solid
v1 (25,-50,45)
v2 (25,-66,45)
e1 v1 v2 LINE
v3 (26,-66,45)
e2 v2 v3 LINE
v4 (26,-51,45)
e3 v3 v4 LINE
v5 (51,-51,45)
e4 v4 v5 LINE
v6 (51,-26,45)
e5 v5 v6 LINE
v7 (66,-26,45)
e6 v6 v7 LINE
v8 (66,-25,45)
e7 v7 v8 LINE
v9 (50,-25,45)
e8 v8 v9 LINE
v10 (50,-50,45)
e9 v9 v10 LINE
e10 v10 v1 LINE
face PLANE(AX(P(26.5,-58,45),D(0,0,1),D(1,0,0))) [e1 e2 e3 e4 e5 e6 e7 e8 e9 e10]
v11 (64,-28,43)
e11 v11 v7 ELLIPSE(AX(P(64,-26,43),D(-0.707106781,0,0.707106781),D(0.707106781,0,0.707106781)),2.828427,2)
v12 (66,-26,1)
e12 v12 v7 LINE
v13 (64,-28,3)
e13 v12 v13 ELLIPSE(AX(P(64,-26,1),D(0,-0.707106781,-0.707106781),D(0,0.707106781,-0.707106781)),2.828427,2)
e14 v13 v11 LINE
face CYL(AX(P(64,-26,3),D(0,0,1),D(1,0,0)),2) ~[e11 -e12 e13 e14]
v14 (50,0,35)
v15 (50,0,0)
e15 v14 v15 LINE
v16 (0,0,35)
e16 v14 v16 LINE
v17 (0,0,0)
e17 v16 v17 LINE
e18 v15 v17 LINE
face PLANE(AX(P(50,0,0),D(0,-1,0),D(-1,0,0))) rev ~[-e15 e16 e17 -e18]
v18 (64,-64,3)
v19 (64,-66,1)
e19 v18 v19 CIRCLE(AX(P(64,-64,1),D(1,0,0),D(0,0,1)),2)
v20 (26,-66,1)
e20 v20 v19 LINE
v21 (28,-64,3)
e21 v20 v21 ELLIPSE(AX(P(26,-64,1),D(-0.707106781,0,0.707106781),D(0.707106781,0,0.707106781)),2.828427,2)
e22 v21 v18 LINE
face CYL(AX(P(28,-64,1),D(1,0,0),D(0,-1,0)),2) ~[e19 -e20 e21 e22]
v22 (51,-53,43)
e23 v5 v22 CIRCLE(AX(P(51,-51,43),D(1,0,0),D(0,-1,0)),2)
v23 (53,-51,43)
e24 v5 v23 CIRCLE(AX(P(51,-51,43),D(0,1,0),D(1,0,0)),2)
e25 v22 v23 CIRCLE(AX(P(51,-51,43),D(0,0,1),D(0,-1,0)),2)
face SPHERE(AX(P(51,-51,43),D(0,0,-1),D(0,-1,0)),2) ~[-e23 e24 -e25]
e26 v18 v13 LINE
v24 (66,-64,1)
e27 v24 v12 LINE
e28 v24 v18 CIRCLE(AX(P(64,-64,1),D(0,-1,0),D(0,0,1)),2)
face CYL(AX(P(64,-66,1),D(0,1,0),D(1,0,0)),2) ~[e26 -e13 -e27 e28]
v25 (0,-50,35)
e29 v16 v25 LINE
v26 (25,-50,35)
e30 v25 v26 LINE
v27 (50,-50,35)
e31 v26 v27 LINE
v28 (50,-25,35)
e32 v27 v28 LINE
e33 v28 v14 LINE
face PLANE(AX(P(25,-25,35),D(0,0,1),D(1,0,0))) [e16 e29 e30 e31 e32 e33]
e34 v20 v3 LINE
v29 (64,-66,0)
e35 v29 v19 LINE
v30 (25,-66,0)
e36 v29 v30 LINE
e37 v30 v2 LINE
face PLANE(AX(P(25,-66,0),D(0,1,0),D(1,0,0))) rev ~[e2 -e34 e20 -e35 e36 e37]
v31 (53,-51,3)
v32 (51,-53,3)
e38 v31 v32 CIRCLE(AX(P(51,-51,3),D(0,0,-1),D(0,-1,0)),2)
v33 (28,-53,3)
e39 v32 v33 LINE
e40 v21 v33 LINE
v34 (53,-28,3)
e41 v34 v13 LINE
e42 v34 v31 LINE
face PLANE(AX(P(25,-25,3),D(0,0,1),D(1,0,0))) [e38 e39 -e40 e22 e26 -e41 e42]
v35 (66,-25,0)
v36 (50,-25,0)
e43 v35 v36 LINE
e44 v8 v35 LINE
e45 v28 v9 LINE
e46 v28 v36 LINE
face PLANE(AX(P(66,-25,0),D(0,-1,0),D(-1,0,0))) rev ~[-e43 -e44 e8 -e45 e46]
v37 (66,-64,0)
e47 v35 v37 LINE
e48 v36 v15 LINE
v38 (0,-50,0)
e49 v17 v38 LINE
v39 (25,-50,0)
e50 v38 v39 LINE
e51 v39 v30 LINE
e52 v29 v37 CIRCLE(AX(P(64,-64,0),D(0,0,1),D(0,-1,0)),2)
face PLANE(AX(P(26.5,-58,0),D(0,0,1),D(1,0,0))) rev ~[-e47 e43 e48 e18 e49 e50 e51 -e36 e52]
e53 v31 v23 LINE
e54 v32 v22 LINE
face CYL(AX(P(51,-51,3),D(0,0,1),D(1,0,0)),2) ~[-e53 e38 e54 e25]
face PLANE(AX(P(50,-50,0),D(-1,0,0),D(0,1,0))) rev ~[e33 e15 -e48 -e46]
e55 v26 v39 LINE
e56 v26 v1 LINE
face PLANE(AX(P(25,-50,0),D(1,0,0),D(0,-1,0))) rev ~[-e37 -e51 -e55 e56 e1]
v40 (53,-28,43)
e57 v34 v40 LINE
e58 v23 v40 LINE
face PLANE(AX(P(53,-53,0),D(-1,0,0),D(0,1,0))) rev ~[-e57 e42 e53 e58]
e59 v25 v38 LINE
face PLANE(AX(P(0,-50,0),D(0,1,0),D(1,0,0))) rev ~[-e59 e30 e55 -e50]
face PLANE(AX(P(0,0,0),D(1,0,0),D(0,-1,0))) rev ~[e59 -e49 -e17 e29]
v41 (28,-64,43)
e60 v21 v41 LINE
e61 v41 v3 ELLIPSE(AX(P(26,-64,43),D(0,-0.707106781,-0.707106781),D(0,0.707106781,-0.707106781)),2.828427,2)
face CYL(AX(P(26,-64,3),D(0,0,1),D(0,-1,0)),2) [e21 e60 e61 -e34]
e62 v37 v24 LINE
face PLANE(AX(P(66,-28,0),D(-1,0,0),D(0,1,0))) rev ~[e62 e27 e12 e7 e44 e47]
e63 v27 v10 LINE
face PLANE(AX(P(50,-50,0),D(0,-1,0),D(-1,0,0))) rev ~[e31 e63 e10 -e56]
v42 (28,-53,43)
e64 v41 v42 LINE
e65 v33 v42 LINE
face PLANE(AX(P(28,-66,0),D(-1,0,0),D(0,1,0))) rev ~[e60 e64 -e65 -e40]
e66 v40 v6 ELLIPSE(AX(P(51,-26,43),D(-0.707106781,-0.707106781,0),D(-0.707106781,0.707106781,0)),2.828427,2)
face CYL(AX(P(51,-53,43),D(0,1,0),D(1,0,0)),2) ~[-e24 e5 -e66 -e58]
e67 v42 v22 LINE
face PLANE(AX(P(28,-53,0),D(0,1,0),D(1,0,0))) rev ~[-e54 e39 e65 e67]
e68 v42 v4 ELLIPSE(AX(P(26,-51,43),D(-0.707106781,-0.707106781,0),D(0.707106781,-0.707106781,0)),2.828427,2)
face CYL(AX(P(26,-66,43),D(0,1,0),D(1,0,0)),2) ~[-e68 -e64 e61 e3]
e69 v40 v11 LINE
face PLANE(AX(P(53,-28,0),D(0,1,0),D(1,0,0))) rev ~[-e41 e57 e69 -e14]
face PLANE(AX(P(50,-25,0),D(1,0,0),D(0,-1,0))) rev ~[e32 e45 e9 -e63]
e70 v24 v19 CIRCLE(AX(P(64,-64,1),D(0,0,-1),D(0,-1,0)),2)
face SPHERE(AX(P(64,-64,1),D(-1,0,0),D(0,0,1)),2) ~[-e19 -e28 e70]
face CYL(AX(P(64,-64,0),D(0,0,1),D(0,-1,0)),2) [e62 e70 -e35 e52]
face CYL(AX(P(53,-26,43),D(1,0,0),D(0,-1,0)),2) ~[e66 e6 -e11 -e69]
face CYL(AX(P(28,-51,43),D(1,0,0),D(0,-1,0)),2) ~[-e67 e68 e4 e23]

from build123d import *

# Parameters (mm, degrees)
F1_DEPTH = 35
F2_DEPTH = 45
F3_DEPTH = 3
F4_R     = 2


with BuildPart() as f1:
    # F0 (on Top) → F1 (new body)
    with BuildSketch(Plane.XY):
        Polygon((50, 0), (0, 0), (0, -50), (25, -50), (28, -50), (50, -50), (50, -28), (50, -25), align=None)
    extrude(amount=F1_DEPTH)

    # F0 (on Top) → F2 (join)
    with BuildSketch(Plane.XY):
        Polygon((28, -50), (25, -50), (25, -66), (28, -66), (28, -53), align=None)
        Polygon((66, -25), (50, -25), (50, -28), (53, -28), (66, -28), align=None)
        Polygon((53, -28), (50, -28), (50, -50), (28, -50), (28, -53), (53, -53), align=None)
    extrude(amount=F2_DEPTH)

    # F0 (on Top) → F3 (join)
    with BuildSketch(Plane.XY):
        Polygon((50, 0), (0, 0), (0, -50), (25, -50), (28, -50), (50, -50), (50, -28), (50, -25), align=None)
        Polygon((66, -25), (50, -25), (50, -28), (53, -28), (66, -28), align=None)
        Polygon((28, -50), (25, -50), (25, -66), (28, -66), (28, -53), align=None)
        Polygon((66, -28), (53, -28), (53, -53), (28, -53), (28, -66), (66, -66), align=None)
    extrude(amount=F3_DEPTH)

    # F4
    f4_edges = [f1.edges().sort_by_distance(p)[0] for p in [
        (47, -66, 3),
        (66, -47, 3),
        (66, -66, 1.5),
        (53, -53, 24),
        (40.5, -53, 45),
        (28, -59.5, 45),
        (53, -40.5, 45),
        (59.5, -28, 45),
        (66, -28, 24),
        (28, -66, 24),
    ]]
    fillet(f4_edges, radius=F4_R)


solid = f1.part
